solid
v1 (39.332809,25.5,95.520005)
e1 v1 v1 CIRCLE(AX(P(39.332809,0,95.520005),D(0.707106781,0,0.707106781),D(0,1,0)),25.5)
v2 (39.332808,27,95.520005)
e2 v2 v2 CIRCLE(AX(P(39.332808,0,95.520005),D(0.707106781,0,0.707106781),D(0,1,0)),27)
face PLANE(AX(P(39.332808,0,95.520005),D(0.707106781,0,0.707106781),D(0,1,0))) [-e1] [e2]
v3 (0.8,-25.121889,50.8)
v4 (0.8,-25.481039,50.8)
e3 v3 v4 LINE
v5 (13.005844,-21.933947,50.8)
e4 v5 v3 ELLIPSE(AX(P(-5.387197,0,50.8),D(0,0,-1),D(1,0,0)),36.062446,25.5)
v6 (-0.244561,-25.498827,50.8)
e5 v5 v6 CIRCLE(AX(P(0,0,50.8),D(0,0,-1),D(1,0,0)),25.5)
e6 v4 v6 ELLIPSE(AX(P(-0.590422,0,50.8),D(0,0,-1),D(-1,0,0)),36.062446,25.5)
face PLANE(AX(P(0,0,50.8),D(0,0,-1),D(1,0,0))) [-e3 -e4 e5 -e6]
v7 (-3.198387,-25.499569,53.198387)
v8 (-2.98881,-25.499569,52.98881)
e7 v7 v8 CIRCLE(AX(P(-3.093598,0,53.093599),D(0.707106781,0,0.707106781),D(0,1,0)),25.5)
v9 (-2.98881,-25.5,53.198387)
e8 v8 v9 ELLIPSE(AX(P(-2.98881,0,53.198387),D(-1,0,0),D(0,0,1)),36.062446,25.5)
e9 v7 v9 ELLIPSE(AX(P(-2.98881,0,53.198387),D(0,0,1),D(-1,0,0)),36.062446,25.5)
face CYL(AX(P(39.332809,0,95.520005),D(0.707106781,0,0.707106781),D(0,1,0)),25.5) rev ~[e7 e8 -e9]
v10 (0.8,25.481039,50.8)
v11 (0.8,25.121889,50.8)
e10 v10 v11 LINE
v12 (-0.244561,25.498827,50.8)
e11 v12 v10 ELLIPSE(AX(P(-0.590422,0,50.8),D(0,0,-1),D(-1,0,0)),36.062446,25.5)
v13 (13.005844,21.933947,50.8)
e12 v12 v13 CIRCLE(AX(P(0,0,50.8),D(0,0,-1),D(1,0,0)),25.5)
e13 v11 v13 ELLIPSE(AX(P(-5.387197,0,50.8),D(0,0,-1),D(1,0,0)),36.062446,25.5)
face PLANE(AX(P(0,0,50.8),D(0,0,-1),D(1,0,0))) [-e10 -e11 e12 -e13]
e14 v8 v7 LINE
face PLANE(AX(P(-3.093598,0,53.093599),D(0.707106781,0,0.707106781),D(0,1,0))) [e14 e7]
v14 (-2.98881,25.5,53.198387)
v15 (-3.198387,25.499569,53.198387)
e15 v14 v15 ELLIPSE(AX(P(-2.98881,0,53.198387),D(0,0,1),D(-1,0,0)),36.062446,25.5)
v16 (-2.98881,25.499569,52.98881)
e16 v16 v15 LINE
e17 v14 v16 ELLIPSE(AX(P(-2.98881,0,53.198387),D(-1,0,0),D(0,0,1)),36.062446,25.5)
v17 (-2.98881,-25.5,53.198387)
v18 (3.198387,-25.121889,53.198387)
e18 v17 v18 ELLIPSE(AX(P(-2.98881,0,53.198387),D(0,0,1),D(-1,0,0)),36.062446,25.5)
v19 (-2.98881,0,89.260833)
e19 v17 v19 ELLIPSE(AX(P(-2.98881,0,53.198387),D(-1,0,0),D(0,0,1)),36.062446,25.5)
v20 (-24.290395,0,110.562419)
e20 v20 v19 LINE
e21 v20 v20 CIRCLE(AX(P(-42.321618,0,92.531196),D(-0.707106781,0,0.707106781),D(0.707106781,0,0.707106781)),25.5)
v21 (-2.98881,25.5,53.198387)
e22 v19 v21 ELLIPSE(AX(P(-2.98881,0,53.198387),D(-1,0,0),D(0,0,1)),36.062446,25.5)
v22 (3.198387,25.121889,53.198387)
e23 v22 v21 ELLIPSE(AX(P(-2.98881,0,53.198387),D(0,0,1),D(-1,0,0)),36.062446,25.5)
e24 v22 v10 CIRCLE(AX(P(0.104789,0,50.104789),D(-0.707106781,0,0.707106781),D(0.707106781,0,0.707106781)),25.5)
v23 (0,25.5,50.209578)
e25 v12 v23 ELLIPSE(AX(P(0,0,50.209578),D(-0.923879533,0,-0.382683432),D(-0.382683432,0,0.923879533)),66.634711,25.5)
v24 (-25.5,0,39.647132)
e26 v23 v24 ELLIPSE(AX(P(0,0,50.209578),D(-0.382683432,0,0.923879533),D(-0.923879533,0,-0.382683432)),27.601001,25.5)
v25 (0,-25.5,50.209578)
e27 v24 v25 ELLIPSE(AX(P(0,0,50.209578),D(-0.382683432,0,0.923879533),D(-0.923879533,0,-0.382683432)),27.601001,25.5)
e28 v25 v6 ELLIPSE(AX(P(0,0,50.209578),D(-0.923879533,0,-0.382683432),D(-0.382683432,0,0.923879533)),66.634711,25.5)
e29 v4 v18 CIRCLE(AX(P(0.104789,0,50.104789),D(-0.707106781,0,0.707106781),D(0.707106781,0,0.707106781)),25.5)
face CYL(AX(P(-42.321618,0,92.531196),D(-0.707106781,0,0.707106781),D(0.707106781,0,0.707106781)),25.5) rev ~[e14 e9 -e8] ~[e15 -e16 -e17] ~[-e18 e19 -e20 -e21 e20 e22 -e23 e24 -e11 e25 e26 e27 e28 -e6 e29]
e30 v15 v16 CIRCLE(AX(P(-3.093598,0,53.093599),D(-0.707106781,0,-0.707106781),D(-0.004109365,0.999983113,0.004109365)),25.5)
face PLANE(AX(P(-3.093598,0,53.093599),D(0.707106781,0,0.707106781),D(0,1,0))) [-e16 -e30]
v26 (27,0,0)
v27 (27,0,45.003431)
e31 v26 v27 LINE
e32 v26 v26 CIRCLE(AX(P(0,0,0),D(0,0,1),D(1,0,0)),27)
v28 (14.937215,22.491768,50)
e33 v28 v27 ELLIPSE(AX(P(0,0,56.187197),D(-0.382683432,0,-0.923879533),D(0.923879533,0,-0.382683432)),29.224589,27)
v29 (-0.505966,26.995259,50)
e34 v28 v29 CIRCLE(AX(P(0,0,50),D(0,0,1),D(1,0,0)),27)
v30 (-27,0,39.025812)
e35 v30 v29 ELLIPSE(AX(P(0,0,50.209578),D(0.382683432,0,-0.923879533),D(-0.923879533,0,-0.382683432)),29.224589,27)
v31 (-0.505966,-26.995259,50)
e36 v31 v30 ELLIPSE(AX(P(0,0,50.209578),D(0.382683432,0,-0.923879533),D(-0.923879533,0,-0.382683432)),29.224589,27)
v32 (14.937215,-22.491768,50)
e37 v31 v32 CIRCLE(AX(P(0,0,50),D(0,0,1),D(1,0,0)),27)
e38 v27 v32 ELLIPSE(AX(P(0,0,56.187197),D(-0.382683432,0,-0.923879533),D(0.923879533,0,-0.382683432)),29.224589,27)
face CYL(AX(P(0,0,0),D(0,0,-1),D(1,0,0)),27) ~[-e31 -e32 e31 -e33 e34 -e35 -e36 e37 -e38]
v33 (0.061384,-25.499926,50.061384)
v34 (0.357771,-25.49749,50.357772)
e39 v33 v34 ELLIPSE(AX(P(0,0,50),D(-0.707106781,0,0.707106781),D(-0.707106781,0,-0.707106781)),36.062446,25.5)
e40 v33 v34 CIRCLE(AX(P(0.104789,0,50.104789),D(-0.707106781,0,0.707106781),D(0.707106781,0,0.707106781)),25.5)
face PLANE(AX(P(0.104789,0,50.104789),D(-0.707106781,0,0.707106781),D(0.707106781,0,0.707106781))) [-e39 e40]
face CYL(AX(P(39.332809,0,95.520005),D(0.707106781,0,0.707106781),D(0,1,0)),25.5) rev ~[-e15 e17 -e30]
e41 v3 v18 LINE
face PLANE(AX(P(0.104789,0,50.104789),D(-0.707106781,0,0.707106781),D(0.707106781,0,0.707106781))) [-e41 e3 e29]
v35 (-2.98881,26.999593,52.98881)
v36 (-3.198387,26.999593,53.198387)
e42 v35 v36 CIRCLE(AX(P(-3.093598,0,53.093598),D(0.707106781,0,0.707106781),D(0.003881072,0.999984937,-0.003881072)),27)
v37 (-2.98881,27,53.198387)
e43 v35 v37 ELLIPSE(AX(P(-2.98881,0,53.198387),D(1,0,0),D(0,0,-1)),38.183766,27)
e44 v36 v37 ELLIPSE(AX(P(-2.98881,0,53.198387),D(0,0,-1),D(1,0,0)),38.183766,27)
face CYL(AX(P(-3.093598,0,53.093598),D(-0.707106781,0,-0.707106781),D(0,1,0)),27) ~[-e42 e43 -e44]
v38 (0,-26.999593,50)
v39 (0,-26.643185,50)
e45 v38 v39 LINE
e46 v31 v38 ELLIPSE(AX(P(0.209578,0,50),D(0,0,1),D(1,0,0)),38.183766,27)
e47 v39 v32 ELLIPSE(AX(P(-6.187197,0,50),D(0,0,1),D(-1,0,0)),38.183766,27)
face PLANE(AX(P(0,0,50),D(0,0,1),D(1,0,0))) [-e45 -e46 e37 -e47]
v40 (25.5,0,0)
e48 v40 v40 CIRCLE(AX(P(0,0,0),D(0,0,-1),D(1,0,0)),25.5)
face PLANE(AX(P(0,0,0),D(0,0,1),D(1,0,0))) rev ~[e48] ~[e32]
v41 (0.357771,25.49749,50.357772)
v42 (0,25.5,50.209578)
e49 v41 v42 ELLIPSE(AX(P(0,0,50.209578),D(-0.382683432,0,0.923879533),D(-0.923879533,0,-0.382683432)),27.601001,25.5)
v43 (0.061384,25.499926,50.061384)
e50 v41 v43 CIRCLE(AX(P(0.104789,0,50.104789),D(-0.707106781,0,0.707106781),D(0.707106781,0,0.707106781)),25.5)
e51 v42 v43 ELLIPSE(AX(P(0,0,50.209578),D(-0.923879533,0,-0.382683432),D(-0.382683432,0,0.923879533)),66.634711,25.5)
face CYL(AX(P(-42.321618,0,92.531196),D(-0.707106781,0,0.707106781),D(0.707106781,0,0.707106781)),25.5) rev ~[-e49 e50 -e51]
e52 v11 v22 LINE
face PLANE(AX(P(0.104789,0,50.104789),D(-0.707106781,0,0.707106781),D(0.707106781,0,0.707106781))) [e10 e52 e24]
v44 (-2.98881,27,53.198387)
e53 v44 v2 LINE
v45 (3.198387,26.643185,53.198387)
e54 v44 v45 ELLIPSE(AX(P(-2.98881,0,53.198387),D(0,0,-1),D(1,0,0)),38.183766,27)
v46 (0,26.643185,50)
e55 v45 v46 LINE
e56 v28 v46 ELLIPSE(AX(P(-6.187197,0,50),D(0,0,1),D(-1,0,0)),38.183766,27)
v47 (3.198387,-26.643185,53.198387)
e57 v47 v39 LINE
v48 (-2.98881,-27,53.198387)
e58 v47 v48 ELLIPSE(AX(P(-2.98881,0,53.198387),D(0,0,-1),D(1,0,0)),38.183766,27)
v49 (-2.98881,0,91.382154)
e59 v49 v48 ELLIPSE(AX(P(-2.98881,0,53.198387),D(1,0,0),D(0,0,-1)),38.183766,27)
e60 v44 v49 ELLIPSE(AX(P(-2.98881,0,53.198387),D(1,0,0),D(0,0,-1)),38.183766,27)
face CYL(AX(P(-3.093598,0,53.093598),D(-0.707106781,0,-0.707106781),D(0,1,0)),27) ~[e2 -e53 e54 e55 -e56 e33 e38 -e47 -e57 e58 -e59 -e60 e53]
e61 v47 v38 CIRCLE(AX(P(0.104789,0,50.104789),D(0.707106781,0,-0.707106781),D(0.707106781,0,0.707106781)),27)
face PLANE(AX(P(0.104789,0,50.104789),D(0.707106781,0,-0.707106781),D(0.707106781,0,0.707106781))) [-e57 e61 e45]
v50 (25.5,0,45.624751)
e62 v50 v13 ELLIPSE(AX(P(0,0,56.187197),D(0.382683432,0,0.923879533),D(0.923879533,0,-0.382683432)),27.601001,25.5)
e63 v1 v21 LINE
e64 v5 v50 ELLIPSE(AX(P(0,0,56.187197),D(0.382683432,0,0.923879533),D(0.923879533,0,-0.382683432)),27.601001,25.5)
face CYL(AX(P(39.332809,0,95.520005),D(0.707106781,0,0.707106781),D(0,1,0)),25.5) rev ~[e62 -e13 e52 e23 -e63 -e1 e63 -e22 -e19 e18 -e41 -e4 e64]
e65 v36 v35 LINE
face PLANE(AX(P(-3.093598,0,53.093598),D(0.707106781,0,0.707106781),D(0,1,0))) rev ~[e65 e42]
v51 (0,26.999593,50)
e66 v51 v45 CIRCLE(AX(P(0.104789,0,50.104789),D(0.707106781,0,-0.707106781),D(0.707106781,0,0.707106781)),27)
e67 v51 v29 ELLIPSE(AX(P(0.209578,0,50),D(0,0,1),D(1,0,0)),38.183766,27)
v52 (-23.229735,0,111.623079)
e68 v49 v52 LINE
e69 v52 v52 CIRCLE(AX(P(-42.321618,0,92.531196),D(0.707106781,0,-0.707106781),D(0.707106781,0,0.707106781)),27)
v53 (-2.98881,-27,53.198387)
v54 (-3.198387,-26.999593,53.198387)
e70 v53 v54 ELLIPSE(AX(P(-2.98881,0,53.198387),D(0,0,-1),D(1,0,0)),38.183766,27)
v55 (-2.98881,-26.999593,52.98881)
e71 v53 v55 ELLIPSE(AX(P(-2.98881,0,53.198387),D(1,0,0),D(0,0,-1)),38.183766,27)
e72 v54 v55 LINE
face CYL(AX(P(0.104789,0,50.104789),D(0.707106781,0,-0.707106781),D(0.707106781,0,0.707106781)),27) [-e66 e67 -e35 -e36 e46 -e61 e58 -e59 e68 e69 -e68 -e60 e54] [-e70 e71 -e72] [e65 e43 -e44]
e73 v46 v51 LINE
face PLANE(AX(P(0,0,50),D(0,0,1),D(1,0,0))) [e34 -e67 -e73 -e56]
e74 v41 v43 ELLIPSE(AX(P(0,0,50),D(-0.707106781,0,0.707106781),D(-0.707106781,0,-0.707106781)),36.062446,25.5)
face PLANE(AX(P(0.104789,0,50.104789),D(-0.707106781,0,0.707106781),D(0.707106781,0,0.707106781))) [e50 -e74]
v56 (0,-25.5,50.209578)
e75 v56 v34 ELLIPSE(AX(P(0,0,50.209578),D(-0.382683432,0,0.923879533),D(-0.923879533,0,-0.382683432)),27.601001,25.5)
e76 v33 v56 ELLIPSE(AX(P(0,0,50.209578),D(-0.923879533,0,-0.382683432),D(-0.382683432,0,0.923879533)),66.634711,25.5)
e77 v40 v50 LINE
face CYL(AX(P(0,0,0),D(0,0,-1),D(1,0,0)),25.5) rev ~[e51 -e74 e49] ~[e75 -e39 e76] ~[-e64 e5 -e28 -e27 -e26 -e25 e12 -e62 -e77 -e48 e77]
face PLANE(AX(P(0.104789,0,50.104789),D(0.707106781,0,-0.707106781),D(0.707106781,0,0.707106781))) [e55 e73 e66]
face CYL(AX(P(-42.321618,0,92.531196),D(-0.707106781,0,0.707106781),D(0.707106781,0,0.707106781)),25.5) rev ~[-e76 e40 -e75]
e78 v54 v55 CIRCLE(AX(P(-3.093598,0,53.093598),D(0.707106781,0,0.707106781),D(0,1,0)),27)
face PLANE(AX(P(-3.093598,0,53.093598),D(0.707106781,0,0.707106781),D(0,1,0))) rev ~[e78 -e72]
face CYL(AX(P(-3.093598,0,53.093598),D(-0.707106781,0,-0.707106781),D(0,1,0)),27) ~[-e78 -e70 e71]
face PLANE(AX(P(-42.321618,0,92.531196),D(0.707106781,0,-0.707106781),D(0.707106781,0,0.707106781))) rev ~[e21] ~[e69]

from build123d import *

# Parameters (mm, degrees)
F0_R      = 27
F1_DEPTH  = 50
F5_R      = 27
F6_DEPTH  = 60
F7_R      = 27
F8_DEPTH  = 60
F9_R      = 25.5
F10_DEPTH = 60
F11_R     = 25.5
F12_DEPTH = 60
F13_R     = 25.5
F14_DEPTH = 50.8


with BuildPart() as f1:
    # F0 (on Top) → F1 (new body)
    with BuildSketch(Plane.XY):
        Circle(F0_R)
    extrude(amount=F1_DEPTH)

    # F5 (on face) → F6 (join)
    with BuildSketch(Plane(origin=(-25, 0, 25), x_dir=(0.707107, 0, 0.707107), z_dir=(0.707107, 0, -0.707107))):
        with Locations((35.503533, 0)):
            Circle(F5_R)
    extrude(amount=-F6_DEPTH)

    # F7 (on face) → F8 (join)
    with BuildSketch(Plane(origin=(25, 0, 25), x_dir=(0, 1, 0), z_dir=(0.707107, 0, 0.707107))):
        with Locations((0, 39.730348)):
            Circle(F7_R)
    extrude(amount=F8_DEPTH)

    # F9 (on face) → F10 (cut)
    with BuildSketch(Plane(origin=(-67.426407, 0, 67.426407), x_dir=(0.707107, 0, 0.707107), z_dir=(-0.707107, 0, 0.707107))):
        with Locations((35.503533, 0)):
            Circle(F9_R)
    extrude(amount=-F10_DEPTH, mode=Mode.SUBTRACT)

    # F11 (on face) → F12 (cut)
    with BuildSketch(Plane(origin=(67.426407, 0, 67.426407), x_dir=(0, 1, 0), z_dir=(0.707107, 0, 0.707107))):
        with Locations((0, 39.730348)):
            Circle(F11_R)
    extrude(amount=-F12_DEPTH, mode=Mode.SUBTRACT)

    # F13 (on face) → F14 (cut)
    with BuildSketch(Plane(origin=(0, 0, 0), x_dir=(1, 0, 0), z_dir=(0, 0, -1))):
        Circle(F13_R)
    extrude(amount=-F14_DEPTH, mode=Mode.SUBTRACT)


solid = f1.part
